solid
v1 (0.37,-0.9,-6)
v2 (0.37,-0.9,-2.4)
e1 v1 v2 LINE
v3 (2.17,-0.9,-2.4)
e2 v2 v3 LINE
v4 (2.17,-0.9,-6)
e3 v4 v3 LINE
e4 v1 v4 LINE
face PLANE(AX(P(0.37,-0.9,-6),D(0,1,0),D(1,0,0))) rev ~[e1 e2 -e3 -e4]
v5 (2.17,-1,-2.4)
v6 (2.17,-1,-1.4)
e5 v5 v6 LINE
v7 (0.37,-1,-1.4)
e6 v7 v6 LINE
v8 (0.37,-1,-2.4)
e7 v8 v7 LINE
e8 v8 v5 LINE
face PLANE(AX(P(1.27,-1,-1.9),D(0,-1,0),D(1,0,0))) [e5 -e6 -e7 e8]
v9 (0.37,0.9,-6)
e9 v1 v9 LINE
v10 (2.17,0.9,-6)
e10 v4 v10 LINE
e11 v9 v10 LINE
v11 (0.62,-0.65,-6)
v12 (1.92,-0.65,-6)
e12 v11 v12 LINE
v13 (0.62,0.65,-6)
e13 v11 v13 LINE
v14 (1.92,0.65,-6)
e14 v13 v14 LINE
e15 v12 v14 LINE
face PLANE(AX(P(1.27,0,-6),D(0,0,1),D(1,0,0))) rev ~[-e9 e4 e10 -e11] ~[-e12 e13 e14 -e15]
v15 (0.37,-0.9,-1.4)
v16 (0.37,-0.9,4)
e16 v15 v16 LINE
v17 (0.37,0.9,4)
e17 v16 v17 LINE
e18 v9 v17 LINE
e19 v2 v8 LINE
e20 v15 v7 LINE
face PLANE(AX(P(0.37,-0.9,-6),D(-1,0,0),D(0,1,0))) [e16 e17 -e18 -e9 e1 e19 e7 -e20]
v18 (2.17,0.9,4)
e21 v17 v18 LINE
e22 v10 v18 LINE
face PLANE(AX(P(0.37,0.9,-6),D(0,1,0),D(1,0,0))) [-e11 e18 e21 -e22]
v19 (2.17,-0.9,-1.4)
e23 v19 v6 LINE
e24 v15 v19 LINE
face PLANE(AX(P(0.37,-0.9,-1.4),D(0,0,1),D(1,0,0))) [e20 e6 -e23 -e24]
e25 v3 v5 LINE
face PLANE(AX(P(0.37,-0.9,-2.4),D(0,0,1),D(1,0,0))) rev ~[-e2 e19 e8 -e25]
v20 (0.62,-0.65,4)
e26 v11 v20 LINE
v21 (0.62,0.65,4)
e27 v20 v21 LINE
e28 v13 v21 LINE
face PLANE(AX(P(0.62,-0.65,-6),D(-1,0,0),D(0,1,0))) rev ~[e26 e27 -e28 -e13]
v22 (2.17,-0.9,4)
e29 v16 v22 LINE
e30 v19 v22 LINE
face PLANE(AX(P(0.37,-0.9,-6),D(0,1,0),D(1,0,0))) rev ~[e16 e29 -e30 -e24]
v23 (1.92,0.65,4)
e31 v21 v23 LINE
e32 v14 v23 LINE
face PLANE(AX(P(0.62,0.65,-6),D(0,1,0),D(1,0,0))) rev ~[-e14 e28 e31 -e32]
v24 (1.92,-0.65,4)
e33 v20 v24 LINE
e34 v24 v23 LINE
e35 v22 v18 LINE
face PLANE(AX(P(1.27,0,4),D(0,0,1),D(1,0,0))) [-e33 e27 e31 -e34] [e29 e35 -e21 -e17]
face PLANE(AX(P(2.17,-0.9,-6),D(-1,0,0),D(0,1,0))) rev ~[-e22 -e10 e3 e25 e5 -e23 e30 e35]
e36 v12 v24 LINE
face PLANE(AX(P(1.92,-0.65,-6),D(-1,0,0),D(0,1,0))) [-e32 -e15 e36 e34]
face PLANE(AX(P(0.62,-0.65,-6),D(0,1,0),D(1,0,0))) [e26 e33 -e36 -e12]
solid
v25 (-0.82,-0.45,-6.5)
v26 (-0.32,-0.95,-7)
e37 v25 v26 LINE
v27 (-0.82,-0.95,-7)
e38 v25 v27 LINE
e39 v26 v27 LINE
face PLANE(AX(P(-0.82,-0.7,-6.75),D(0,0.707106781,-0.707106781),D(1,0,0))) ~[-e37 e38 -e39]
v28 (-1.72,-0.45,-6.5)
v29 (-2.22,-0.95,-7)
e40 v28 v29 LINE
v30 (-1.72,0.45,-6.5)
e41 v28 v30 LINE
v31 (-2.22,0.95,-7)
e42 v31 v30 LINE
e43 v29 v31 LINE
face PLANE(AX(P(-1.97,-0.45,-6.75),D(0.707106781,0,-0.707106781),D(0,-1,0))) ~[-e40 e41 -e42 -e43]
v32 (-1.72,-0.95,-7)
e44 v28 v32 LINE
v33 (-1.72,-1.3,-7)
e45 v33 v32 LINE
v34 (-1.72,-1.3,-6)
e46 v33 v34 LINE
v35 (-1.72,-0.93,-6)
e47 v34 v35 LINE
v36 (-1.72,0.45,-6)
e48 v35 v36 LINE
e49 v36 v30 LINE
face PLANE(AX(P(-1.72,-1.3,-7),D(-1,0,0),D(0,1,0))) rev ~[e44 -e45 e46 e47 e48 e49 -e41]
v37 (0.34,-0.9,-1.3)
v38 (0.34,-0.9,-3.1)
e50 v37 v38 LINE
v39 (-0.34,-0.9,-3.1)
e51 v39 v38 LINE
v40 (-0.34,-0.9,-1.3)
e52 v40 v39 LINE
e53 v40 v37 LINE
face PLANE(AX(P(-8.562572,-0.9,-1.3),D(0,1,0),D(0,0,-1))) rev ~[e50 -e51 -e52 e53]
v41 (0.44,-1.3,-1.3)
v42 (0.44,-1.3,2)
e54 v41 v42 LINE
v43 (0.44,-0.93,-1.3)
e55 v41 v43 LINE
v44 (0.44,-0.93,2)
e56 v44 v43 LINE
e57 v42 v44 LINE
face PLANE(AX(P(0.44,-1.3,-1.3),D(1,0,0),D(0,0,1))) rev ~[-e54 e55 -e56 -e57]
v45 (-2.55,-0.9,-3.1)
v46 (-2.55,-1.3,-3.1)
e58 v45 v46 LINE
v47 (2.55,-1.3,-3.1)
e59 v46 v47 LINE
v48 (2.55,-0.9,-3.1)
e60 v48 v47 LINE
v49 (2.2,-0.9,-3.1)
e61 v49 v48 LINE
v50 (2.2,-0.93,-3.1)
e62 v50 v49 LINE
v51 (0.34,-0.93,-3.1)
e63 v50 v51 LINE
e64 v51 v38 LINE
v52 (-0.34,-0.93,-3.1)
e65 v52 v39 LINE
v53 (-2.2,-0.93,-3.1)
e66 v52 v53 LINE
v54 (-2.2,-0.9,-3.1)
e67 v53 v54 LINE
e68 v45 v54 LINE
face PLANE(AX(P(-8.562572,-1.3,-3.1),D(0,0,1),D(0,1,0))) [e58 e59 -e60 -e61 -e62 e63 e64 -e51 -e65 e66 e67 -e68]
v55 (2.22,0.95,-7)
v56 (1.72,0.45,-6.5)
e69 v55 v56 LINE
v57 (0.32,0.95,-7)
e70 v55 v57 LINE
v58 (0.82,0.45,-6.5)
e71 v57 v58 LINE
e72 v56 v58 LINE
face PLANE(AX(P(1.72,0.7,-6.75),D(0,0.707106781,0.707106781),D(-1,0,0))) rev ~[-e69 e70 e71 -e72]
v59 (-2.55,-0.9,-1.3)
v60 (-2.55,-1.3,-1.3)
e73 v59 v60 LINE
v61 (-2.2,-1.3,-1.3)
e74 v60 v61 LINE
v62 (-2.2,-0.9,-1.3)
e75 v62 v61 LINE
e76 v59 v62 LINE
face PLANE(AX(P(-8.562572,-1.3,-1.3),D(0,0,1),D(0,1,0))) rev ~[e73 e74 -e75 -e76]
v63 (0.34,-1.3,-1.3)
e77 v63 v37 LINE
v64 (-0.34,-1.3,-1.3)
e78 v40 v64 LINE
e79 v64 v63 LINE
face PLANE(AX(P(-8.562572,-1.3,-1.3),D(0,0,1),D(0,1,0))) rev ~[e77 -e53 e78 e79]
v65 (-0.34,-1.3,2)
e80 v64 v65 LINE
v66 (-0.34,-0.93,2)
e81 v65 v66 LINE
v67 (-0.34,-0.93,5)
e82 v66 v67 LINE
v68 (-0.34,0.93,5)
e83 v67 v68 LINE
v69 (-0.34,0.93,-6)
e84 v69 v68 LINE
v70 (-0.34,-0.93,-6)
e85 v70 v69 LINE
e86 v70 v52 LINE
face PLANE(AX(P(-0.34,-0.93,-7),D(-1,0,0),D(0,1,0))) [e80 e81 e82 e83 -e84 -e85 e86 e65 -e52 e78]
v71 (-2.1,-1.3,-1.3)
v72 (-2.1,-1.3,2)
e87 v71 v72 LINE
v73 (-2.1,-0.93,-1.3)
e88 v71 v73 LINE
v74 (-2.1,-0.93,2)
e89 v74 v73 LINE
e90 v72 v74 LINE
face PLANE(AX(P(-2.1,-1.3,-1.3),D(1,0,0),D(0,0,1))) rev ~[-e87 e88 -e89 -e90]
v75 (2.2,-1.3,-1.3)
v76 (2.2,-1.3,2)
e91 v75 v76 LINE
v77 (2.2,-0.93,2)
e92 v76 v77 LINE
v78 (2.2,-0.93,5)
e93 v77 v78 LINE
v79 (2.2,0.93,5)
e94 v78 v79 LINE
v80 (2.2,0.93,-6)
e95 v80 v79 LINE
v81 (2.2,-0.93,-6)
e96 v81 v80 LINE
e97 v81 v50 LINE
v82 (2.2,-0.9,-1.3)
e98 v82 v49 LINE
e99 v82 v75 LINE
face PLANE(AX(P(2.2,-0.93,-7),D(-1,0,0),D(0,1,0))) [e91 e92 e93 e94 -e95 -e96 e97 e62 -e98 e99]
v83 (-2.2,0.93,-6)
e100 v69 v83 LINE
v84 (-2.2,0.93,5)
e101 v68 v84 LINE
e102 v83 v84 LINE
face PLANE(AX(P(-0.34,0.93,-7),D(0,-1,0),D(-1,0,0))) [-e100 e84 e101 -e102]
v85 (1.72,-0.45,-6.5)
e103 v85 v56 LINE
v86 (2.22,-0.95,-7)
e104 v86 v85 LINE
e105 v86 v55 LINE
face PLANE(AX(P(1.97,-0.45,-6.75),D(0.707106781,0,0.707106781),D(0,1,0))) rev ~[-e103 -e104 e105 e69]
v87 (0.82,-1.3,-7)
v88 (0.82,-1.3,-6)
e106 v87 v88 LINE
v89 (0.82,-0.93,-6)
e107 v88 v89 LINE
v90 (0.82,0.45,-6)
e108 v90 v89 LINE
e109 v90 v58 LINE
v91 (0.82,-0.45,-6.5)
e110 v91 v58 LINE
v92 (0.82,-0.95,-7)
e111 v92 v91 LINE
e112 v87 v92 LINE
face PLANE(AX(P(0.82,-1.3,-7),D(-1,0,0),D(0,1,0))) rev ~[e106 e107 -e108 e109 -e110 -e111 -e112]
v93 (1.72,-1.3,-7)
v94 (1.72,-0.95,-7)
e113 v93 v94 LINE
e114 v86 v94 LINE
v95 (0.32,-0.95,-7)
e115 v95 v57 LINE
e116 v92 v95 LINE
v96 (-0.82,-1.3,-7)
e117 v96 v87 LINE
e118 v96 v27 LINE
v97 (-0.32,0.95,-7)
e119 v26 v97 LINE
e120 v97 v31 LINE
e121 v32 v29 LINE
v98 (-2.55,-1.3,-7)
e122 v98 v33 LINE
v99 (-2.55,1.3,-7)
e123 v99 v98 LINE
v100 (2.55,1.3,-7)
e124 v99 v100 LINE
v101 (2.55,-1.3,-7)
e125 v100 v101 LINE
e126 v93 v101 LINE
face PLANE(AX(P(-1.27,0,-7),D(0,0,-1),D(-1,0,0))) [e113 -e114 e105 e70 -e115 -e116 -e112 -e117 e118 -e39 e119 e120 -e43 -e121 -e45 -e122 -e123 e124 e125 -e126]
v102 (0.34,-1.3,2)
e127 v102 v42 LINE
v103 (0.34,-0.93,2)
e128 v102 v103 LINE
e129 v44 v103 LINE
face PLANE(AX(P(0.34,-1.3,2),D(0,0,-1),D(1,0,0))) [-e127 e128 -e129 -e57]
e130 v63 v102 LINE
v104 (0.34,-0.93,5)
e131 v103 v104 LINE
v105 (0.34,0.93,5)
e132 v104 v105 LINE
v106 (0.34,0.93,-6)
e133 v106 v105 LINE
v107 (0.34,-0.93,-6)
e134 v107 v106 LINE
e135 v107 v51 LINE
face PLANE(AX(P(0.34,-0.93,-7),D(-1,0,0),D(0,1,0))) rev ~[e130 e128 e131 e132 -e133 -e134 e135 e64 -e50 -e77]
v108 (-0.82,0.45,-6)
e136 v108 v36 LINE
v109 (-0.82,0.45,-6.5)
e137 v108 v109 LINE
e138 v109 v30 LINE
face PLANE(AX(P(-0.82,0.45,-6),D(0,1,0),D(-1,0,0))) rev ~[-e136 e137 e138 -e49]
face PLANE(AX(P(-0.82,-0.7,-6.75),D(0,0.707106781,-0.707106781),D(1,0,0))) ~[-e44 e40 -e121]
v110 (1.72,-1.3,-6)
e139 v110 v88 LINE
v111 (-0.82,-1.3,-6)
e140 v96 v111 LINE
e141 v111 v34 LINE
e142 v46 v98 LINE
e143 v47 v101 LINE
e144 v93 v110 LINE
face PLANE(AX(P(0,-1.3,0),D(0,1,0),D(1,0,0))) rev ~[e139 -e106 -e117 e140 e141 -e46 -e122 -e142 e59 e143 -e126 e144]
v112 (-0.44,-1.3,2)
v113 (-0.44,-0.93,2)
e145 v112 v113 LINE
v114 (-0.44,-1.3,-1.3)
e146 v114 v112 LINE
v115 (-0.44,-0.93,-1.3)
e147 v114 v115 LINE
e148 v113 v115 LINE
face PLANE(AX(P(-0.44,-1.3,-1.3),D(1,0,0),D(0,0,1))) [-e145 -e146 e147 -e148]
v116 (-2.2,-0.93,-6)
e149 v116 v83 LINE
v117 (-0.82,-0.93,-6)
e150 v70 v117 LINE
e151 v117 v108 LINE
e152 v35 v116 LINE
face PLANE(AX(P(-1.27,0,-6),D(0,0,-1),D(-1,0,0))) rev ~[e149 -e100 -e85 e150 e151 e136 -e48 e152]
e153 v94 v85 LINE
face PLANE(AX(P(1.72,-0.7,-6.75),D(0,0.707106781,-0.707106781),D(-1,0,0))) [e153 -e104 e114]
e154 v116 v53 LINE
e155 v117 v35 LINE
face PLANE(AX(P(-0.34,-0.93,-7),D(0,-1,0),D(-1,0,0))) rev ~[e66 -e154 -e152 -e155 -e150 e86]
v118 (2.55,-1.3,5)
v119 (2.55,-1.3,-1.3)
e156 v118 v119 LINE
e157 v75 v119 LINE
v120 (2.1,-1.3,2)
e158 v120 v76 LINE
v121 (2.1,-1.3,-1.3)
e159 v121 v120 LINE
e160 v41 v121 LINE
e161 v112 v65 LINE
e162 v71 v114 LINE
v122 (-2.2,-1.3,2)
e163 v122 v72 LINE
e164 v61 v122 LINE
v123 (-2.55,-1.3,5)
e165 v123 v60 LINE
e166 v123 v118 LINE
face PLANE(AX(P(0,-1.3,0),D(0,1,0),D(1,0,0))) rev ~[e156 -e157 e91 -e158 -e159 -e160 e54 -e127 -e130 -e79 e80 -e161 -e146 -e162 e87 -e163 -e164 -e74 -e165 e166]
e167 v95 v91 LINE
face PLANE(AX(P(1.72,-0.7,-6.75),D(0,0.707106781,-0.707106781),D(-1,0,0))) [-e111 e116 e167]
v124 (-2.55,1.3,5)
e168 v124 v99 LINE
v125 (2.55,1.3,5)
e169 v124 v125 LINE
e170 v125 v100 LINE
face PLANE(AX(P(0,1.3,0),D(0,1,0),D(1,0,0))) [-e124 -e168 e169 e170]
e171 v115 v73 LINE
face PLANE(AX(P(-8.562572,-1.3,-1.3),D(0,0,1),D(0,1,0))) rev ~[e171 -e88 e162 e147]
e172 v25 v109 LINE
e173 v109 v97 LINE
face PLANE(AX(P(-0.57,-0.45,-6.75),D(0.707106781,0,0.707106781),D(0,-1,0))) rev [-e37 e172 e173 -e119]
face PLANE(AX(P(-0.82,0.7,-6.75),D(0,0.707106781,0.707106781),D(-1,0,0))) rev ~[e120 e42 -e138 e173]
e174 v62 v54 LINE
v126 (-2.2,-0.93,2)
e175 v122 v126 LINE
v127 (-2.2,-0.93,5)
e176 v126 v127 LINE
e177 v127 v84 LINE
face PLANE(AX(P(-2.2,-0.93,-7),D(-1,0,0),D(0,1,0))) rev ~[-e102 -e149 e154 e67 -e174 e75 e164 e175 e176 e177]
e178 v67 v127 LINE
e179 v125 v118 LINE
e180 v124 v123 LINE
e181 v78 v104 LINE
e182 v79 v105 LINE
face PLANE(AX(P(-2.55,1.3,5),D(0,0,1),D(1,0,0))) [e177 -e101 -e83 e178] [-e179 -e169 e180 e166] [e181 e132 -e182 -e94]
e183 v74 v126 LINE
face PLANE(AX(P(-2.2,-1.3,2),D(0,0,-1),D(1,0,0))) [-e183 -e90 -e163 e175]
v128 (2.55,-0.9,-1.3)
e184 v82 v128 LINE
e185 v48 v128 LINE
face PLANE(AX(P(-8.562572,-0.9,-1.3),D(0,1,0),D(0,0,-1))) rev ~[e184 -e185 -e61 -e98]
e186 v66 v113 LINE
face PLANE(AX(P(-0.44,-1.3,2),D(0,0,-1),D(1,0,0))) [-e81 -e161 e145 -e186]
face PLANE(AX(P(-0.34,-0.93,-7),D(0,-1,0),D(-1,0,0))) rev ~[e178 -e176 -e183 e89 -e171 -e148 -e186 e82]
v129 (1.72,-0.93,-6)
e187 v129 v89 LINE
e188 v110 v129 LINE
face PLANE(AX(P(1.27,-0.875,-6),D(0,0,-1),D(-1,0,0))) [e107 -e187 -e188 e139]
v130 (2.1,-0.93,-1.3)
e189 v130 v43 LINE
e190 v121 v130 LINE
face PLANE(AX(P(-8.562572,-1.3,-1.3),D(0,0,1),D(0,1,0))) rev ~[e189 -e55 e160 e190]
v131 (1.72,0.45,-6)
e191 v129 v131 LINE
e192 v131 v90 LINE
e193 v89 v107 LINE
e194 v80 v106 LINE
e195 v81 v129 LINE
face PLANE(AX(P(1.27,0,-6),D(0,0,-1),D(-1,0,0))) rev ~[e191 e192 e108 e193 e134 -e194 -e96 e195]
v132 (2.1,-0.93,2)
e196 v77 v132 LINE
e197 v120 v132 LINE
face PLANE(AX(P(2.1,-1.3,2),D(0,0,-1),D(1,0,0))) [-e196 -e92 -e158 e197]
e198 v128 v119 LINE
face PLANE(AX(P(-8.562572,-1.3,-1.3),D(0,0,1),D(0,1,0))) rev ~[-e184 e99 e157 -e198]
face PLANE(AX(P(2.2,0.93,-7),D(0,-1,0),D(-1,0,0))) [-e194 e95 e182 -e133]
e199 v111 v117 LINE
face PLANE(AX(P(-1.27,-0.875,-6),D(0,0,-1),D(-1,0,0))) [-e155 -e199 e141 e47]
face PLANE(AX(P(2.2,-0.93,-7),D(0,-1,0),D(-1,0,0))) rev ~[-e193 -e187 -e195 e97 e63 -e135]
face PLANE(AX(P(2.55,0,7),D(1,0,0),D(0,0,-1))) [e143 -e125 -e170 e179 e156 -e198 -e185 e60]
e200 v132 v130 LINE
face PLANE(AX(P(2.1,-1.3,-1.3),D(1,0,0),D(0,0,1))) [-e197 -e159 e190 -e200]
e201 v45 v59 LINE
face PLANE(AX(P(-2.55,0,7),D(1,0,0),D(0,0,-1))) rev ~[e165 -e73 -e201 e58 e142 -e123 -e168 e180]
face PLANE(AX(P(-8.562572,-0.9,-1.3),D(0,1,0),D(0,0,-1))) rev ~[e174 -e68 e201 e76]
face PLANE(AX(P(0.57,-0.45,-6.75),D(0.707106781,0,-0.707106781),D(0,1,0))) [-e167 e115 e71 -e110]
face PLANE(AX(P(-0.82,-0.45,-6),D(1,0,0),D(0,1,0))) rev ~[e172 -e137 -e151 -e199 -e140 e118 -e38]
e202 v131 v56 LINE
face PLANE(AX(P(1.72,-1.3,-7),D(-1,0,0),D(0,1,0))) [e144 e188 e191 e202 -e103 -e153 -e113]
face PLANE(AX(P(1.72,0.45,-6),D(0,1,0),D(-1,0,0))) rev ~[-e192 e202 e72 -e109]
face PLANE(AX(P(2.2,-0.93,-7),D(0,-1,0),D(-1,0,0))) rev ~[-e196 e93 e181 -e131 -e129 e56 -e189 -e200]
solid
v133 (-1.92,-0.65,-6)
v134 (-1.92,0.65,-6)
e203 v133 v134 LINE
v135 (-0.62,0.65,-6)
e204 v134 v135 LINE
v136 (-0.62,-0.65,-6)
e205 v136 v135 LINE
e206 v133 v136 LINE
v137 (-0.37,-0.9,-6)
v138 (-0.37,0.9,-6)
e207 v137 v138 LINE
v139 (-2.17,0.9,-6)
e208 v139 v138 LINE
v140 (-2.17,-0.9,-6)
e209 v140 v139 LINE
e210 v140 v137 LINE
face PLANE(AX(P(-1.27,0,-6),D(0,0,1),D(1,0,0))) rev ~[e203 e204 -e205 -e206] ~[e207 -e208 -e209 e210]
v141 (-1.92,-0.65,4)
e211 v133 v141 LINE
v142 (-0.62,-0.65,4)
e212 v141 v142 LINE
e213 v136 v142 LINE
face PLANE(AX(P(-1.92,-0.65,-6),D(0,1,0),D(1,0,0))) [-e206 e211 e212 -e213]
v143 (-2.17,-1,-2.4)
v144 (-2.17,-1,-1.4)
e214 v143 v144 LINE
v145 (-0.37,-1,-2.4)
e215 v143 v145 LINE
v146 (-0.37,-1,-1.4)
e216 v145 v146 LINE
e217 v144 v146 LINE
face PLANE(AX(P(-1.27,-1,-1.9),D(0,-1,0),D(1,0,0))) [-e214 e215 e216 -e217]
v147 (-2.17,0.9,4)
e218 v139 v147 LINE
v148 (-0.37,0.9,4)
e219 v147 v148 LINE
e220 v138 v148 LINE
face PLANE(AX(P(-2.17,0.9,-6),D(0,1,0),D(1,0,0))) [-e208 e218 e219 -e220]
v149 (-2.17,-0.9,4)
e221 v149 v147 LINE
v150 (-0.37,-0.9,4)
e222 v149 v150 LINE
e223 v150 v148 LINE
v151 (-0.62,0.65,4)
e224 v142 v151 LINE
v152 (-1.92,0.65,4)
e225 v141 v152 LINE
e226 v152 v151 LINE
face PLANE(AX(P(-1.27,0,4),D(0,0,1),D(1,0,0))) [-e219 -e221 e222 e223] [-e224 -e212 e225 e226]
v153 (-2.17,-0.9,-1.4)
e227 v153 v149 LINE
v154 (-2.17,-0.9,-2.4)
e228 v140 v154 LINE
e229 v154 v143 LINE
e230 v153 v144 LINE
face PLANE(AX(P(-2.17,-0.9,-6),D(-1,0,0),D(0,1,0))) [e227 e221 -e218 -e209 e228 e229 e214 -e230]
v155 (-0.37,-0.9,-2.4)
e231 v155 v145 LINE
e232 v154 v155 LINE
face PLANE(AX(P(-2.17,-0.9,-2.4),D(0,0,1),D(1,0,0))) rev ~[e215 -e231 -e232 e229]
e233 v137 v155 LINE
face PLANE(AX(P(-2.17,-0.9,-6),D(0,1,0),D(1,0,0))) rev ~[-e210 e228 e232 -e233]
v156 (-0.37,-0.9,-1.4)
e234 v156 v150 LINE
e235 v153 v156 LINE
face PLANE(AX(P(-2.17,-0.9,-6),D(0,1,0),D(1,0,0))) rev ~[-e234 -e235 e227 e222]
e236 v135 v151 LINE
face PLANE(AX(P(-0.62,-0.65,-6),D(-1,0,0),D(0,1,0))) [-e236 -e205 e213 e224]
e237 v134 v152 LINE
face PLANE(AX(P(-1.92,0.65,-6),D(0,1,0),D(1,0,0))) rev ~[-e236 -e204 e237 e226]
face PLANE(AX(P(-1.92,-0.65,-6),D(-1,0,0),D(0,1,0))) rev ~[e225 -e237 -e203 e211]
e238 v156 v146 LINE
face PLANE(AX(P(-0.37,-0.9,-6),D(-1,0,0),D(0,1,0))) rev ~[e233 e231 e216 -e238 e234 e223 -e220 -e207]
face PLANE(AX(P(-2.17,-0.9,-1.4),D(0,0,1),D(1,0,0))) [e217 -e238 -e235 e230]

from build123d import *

# Parameters (mm, degrees)
SKETCH1_W               = 5.1
SKETCH1_H               = 14
BOSS_EXTRUDE1_DEPTH     = 1.3
SKETCH2_W               = 1.86
SKETCH2_H               = 1.86
CUT_EXTRUDE1_DEPTH      = 15.289594116
CUT_EXTRUDE2_DEPTH      = 8.562572314
CUT_EXTRUDE2_DEPTH_BACK = 8.562572314
SKETCH3_W               = 1.8
SKETCH3_H               = 0.4
CUT_EXTRUDE3_REACH      = 9.891
SKETCH8_W               = 0.1
SKETCH8_H               = 3.3
BOSS_EXTRUDE2_START     = -1
SKETCH5_W               = 1.86
SKETCH5_H               = 1.86
SKETCH5_W_2             = 0.9
SKETCH5_H_2             = 0.9
BOSS_EXTRUDE2_DEPTH     = 1
CHAMFER2_SIZE           = 0.5
SKETCH6_W               = 1.8
SKETCH6_H               = 1.8
SKETCH6_W_2             = 1.3
SKETCH6_H_2             = 1.3
BOSS_EXTRUDE3_DEPTH     = 10
BOSS_EXTRUDE3_2_DEPTH   = 10
SKETCH7_W               = 1.8
SKETCH7_H               = 1
BOSS_EXTRUDE4_DEPTH     = 0.1
SKETCH9_W               = 5.1
SKETCH9_H               = 2
CUT_EXTRUDE4_DEPTH      = 8.890659035
SKETCH10_W              = 0.9
SKETCH10_H              = 0.85
CUT_EXTRUDE5_DEPTH      = 1


with BuildPart() as part:
    # Sketch1 → Boss-Extrude1 (new, symmetric)
    with BuildSketch(Plane(origin=(0, 0, 0), x_dir=(1, 0, 0), z_dir=(0, 1, 0))):
        Rectangle(SKETCH1_W, SKETCH1_H)
    extrude(amount=BOSS_EXTRUDE1_DEPTH, both=True)

    # Sketch2 → Cut-Extrude1 (cut, through all)
    with BuildSketch(Plane(origin=(0, 0, -7), x_dir=(-1, 0, 0), z_dir=(0, 0, -1))):
        with Locations((-1.27, 0)):
            Rectangle(SKETCH2_W, SKETCH2_H)
        with Locations((1.27, 0)):
            Rectangle(SKETCH2_W, SKETCH2_H)
    extrude(amount=-CUT_EXTRUDE1_DEPTH, mode=Mode.SUBTRACT)

    # Sketch3 → Cut-Extrude2 (cut, two sides: drawn at the far end of the back side and taken through both)
    with BuildSketch(Plane(origin=(0, 0, 0), x_dir=(0, 0, -1), z_dir=(1, 0, 0)).offset(-CUT_EXTRUDE2_DEPTH_BACK)):
        with Locations((2.2, -1.1)):
            Rectangle(SKETCH3_W, SKETCH3_H)
    extrude(amount=CUT_EXTRUDE2_DEPTH + CUT_EXTRUDE2_DEPTH_BACK, mode=Mode.SUBTRACT)

    # Sketch8 → Cut-Extrude3 (cut, up to next)
    with BuildSketch(Plane.XZ.offset(1.3), mode=Mode.PRIVATE) as cut_extrude3_sk1:
        with Locations((-2.15, 0.35)):
            Rectangle(SKETCH8_W, SKETCH8_H)
    cut_extrude3_tool1 = extrude(cut_extrude3_sk1.sketch, amount=-CUT_EXTRUDE3_REACH, mode=Mode.PRIVATE) & part.part
    # Sketch8 → Cut-Extrude3 (cut, up to next)
    with BuildSketch(Plane.XZ.offset(1.3), mode=Mode.PRIVATE) as cut_extrude3_sk2:
        with Locations((-0.39, 0.35)):
            Rectangle(SKETCH8_W, SKETCH8_H)
    cut_extrude3_tool2 = extrude(cut_extrude3_sk2.sketch, amount=-CUT_EXTRUDE3_REACH, mode=Mode.PRIVATE) & part.part
    # Sketch8 → Cut-Extrude3 (cut, up to next)
    with BuildSketch(Plane.XZ.offset(1.3), mode=Mode.PRIVATE) as cut_extrude3_sk3:
        with Locations((0.39, 0.35)):
            Rectangle(SKETCH8_W, SKETCH8_H)
    cut_extrude3_tool3 = extrude(cut_extrude3_sk3.sketch, amount=-CUT_EXTRUDE3_REACH, mode=Mode.PRIVATE) & part.part
    # Sketch8 → Cut-Extrude3 (cut, up to next)
    with BuildSketch(Plane.XZ.offset(1.3), mode=Mode.PRIVATE) as cut_extrude3_sk4:
        with Locations((2.15, 0.35)):
            Rectangle(SKETCH8_W, SKETCH8_H)
    cut_extrude3_tool4 = extrude(cut_extrude3_sk4.sketch, amount=-CUT_EXTRUDE3_REACH, mode=Mode.PRIVATE) & part.part
    add(cut_extrude3_tool1.solids().sort_by_distance((-2.15, -1.3, 0.35))[0], mode=Mode.SUBTRACT)
    add(cut_extrude3_tool2.solids().sort_by_distance((-0.39, -1.3, 0.35))[0], mode=Mode.SUBTRACT)
    add(cut_extrude3_tool3.solids().sort_by_distance((0.39, -1.3, 0.35))[0], mode=Mode.SUBTRACT)
    add(cut_extrude3_tool4.solids().sort_by_distance((2.15, -1.3, 0.35))[0], mode=Mode.SUBTRACT)

    # Sketch5 → Boss-Extrude2 (add)
    # profile 1 of 2: a face of its own
    with BuildSketch(Plane(origin=(0, 0, -7), x_dir=(-1, 0, 0), z_dir=(0, 0, -1)).offset(BOSS_EXTRUDE2_START)):
        with Locations((1.27, 0)):
            Rectangle(SKETCH5_W, SKETCH5_H)
        with Locations((1.27, 0)):
            Rectangle(SKETCH5_W_2, SKETCH5_H_2, mode=Mode.SUBTRACT)
    # profile 2 of 2: a face of its own
    with BuildSketch(Plane(origin=(0, 0, -7), x_dir=(-1, 0, 0), z_dir=(0, 0, -1)).offset(BOSS_EXTRUDE2_START)):
        with Locations((-1.27, 0)):
            Rectangle(SKETCH5_W, SKETCH5_H)
        with Locations((-1.27, 0)):
            Rectangle(SKETCH5_W_2, SKETCH5_H_2, mode=Mode.SUBTRACT)
    extrude(amount=BOSS_EXTRUDE2_DEPTH)

    # Chamfer2
    chamfer2_edges = [part.edges().sort_by_distance(p)[0] for p in [
        (-0.82, 0, -7),
        (-1.27, 0.45, -7),
        (-1.72, 0, -7),
        (-1.27, -0.45, -7),
        (1.72, 0, -7),
        (1.27, 0.45, -7),
        (0.82, 0, -7),
        (1.27, -0.45, -7),
    ]]
    chamfer(chamfer2_edges, length=CHAMFER2_SIZE)

    # Sketch9 → Cut-Extrude4 (cut, through all)
    with BuildSketch(Plane(origin=(0, 1.3, 0), x_dir=(1, 0, 0), z_dir=(0, 1, 0))):
        with Locations((0, -6)):
            Rectangle(SKETCH9_W, SKETCH9_H)
    extrude(amount=-CUT_EXTRUDE4_DEPTH, mode=Mode.SUBTRACT)

    # Sketch10 → Cut-Extrude5 (cut)
    with BuildSketch(Plane(origin=(0, 0, -7), x_dir=(-1, 0, 0), z_dir=(0, 0, -1))):
        with Locations((-1.27, -0.875)):
            Rectangle(SKETCH10_W, SKETCH10_H)
        with Locations((1.27, -0.875)):
            Rectangle(SKETCH10_W, SKETCH10_H)
    extrude(amount=-CUT_EXTRUDE5_DEPTH, mode=Mode.SUBTRACT)


with BuildPart() as body_2:
    # Sketch6 → Boss-Extrude3 (new body)
    with BuildSketch(Plane.XY.offset(-6)):
        with Locations((-1.27, 0)):
            Rectangle(SKETCH6_W, SKETCH6_H)
        with Locations((-1.27, 0)):
            Rectangle(SKETCH6_W_2, SKETCH6_H_2, mode=Mode.SUBTRACT)
    extrude(amount=BOSS_EXTRUDE3_DEPTH)



with BuildPart() as body_3:
    # Sketch6 → Boss-Extrude3 2 (new body)
    with BuildSketch(Plane.XY.offset(-6)):
        with Locations((1.27, 0)):
            Rectangle(SKETCH6_W, SKETCH6_H)
        with Locations((1.27, 0)):
            Rectangle(SKETCH6_W_2, SKETCH6_H_2, mode=Mode.SUBTRACT)
    extrude(amount=BOSS_EXTRUDE3_2_DEPTH)


with BuildPart() as body_2_1:
    add(body_2.part)

    add(body_3.part)  # Boss-Extrude4 merges body 3
    # Sketch7 → Boss-Extrude4 (add)
    with BuildSketch(Plane.XZ.offset(0.9)):
        with Locations((-1.27, -1.9)):
            Rectangle(SKETCH7_W, SKETCH7_H)
        with Locations((1.27, -1.9)):
            Rectangle(SKETCH7_W, SKETCH7_H)
    extrude(amount=BOSS_EXTRUDE4_DEPTH)


solid = Compound([part.part, body_2_1.part])
